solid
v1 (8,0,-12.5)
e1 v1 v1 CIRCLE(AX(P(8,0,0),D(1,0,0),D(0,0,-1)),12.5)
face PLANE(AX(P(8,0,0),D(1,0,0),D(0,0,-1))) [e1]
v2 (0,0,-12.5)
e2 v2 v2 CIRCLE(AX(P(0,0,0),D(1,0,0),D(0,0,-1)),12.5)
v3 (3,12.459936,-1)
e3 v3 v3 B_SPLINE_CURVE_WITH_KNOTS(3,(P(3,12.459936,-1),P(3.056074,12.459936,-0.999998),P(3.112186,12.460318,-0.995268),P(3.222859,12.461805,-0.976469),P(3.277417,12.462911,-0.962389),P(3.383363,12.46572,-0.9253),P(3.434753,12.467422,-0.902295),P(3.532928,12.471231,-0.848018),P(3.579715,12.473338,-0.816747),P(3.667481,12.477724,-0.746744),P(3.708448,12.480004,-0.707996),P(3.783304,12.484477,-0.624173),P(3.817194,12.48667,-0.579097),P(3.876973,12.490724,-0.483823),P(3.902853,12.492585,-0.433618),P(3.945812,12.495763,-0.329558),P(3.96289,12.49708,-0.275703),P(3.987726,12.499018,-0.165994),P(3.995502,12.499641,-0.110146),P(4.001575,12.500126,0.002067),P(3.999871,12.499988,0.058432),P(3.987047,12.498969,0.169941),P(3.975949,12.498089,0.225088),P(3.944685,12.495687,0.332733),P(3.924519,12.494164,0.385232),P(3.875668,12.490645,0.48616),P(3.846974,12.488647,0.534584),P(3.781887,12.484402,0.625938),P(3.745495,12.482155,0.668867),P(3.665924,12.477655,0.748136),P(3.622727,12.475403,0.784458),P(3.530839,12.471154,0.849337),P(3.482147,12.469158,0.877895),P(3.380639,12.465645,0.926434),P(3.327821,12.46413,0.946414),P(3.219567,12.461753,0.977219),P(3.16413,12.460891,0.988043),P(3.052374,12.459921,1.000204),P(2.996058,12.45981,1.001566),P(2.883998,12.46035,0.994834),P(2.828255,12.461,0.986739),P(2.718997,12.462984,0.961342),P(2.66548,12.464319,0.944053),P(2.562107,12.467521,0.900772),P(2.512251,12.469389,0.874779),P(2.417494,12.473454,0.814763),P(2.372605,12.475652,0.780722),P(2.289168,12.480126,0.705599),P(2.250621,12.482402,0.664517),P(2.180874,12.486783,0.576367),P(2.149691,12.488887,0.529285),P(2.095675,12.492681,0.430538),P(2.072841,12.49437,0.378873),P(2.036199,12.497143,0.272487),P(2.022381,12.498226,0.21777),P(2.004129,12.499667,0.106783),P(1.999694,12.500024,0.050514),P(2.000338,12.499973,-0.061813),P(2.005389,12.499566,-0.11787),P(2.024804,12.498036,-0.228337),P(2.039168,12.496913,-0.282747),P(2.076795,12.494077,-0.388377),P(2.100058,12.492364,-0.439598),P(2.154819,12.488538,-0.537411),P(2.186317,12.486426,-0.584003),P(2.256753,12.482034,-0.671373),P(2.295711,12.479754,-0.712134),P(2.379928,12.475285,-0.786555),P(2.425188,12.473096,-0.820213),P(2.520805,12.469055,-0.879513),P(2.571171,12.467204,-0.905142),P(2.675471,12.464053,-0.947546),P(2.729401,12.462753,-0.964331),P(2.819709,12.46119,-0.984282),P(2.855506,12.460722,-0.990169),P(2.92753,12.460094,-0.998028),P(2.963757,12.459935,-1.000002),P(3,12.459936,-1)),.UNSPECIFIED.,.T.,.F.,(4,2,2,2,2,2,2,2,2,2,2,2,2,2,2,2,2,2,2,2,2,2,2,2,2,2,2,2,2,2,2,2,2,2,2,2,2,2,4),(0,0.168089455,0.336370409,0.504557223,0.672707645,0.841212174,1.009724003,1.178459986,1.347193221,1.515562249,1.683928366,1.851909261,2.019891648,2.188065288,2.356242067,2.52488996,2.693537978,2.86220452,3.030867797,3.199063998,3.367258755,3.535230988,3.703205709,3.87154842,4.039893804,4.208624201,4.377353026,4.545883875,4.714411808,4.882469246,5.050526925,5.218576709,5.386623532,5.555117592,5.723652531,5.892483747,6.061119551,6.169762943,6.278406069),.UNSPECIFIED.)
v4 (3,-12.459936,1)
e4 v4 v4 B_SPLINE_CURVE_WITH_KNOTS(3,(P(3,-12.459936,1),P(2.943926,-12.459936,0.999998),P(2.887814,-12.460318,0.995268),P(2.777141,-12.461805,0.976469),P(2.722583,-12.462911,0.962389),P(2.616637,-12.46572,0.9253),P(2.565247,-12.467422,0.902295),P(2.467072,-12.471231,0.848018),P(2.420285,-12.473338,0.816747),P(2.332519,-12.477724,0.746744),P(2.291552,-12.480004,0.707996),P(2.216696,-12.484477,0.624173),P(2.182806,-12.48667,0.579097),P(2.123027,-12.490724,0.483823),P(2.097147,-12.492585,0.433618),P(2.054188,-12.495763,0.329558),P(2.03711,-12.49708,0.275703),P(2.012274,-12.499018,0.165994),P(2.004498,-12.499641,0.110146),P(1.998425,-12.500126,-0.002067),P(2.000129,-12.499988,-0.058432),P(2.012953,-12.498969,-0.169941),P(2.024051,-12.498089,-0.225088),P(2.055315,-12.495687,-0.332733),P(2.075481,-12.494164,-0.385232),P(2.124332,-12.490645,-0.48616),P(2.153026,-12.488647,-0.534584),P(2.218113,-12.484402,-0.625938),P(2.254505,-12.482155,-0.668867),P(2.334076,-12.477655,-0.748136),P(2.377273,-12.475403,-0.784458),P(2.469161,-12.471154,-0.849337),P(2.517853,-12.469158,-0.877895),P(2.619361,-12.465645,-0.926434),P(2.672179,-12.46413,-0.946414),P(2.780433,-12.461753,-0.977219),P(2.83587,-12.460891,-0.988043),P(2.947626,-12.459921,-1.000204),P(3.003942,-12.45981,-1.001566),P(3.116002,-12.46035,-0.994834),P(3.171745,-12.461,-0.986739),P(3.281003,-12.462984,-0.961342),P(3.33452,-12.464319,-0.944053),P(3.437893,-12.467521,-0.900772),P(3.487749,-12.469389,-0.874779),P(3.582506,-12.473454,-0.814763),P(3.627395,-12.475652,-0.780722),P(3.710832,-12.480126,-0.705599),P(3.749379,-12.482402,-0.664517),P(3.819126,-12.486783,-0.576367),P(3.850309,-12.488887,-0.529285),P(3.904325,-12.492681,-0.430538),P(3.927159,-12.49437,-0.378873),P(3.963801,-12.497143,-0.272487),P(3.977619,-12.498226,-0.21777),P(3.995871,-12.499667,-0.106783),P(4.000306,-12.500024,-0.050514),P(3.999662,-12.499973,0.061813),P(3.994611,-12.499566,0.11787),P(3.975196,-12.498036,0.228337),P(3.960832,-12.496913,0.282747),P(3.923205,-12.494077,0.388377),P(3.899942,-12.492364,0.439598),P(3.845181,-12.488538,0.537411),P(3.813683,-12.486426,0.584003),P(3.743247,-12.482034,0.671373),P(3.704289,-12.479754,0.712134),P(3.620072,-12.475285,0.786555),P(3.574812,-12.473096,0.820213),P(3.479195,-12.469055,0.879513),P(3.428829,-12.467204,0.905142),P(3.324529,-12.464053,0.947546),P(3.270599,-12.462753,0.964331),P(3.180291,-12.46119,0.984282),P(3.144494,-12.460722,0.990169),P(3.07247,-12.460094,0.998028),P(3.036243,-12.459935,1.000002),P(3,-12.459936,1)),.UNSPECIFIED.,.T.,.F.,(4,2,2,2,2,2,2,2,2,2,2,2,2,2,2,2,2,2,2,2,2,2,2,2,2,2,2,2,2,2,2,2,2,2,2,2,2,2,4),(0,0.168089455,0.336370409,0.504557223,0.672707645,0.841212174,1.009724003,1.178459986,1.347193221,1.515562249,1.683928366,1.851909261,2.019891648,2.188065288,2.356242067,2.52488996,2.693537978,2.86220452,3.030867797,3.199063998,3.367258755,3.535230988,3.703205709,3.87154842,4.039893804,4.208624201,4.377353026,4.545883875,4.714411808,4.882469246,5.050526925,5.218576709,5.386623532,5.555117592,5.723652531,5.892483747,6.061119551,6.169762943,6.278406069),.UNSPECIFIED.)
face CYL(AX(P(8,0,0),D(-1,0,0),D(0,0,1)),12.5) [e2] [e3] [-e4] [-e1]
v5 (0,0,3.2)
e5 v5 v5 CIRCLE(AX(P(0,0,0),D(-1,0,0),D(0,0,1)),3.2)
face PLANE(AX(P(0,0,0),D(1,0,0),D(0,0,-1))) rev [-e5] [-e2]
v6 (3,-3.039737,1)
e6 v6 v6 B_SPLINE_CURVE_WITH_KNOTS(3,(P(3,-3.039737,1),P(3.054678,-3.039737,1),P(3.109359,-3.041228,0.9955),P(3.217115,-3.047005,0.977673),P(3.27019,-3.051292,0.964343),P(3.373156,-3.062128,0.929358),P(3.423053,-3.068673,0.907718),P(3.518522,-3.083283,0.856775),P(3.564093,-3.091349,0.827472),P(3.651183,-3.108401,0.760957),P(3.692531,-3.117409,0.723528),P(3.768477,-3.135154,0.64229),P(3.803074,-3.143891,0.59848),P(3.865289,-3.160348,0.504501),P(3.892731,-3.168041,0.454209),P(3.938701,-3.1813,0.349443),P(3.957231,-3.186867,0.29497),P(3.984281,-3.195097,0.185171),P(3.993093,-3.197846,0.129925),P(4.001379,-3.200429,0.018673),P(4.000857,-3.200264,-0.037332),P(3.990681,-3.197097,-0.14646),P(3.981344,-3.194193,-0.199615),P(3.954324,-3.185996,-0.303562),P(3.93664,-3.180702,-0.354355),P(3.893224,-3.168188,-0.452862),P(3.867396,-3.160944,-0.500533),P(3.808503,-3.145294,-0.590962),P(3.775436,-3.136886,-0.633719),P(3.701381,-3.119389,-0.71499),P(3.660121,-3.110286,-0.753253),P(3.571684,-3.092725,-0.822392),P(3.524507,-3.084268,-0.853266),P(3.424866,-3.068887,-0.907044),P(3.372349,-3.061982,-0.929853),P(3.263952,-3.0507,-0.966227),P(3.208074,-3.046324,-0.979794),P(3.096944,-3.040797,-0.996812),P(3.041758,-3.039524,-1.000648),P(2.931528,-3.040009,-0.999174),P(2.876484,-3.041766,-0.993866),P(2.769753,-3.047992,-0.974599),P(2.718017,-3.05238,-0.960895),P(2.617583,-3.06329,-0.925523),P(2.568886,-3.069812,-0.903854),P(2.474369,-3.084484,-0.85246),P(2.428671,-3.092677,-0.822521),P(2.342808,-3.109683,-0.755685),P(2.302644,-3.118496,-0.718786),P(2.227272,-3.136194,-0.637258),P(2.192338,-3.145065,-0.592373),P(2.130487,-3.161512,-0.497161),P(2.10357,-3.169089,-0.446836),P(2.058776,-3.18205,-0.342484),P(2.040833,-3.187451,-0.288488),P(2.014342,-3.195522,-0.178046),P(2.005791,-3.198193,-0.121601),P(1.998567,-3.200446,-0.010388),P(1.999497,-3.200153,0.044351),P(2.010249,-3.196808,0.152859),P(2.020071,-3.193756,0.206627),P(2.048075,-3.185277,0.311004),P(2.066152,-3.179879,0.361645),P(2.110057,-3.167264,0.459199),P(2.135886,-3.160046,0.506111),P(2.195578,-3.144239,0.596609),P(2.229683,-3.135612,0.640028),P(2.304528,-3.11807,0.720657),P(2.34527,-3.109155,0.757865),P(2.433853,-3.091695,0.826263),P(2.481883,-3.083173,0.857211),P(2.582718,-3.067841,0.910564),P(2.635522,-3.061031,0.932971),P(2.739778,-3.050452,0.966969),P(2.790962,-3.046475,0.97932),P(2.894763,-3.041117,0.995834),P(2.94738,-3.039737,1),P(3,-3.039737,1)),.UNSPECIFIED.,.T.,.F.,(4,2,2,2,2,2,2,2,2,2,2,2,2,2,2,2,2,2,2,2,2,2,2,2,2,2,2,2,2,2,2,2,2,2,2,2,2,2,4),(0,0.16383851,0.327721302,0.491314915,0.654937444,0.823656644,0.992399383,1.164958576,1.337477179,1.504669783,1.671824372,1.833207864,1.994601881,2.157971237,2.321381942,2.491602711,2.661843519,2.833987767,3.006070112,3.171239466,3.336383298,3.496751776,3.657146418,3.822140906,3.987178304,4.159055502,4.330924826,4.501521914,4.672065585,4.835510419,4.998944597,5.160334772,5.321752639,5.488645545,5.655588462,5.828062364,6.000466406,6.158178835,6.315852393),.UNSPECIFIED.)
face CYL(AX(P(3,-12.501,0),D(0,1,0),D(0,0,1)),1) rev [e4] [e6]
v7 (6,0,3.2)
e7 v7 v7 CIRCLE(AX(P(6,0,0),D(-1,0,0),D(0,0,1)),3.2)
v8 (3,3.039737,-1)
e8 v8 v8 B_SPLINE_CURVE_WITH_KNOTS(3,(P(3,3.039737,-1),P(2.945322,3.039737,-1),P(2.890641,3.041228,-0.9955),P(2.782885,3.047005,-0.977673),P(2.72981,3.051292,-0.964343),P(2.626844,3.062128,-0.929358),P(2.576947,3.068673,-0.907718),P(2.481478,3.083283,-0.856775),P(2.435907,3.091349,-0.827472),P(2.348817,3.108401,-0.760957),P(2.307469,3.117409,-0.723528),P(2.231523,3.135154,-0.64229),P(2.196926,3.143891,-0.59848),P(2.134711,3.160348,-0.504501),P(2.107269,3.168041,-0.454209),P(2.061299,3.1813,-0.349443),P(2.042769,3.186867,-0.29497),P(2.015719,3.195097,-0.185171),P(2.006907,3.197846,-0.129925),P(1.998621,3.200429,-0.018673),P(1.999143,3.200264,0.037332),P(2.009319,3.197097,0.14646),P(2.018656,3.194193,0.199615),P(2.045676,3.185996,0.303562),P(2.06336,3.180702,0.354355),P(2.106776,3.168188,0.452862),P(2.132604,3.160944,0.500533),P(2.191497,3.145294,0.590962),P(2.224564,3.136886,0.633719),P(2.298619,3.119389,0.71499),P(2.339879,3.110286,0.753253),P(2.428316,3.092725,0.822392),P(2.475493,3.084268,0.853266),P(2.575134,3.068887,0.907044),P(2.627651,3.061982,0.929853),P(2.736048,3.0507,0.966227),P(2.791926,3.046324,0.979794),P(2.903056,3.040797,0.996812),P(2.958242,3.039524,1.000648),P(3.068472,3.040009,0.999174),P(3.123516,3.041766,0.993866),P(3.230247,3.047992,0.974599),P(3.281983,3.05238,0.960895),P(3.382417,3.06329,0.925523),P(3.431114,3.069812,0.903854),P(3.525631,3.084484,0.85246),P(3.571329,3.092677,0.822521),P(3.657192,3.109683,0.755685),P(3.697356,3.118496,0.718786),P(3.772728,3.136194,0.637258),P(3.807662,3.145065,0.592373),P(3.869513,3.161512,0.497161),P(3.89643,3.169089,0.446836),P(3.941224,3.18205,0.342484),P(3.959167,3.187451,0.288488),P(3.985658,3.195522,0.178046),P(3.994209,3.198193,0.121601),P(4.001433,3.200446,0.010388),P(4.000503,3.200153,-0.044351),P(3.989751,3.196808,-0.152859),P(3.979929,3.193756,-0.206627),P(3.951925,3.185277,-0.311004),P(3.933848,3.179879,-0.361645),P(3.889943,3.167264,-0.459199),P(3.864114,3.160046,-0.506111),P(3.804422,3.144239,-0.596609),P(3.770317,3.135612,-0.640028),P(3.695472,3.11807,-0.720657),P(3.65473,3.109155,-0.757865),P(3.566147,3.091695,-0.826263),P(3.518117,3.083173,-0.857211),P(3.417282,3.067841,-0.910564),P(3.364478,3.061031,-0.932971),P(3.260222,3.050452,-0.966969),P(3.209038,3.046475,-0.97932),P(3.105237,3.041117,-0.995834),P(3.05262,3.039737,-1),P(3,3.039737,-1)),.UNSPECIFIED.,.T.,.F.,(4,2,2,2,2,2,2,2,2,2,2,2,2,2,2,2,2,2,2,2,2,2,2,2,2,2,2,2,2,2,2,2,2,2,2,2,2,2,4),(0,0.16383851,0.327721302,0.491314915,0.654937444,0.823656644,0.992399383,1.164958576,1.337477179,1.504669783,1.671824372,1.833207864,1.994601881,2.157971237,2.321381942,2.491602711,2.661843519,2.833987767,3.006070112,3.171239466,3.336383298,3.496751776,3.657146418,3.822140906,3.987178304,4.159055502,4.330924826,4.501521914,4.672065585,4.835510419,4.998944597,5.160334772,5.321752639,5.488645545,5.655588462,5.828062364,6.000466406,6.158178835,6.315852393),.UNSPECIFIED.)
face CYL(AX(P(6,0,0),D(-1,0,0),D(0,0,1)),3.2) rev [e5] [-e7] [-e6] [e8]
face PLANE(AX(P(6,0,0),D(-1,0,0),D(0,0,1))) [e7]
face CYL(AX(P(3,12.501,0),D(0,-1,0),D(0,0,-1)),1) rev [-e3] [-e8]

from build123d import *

# Parameters (mm, degrees)
SKETCH_1_R                      = 12.5
EXTRUDE_1_DEPTH                 = 8
SKETCH_2_R                      = 3.2
CUT_EXTRUDE_1_DEPTH             = 6
CUT_EXTRUDE_2_REACH             = 21.404
SKETCH_3_R                      = 1
CUT_EXTRUDE_2_DIRECTION_2_REACH = 21.404


with BuildPart() as part:
    # 草图1 → 凸台-拉伸1 (new body)
    with BuildSketch(Plane(origin=(0, 0, 0), x_dir=(0, 0, -1), z_dir=(1, 0, 0))):
        Circle(SKETCH_1_R)
    extrude(amount=EXTRUDE_1_DEPTH)

    # 草图2 → 切除-拉伸1 (cut)
    with BuildSketch(Plane.ZY):
        Circle(SKETCH_2_R)
    extrude(amount=-CUT_EXTRUDE_1_DEPTH, mode=Mode.SUBTRACT)

    # 草图3 → 切除-拉伸2 (cut, up to next)
    with BuildSketch(Plane(origin=(0, 0, 0), x_dir=(1, 0, 0), z_dir=(0, 1, 0)), mode=Mode.PRIVATE) as cut_extrude_2_sk1:
        with Locations(Location((3, 0, 0), (0, 0, 270))):
            Circle(SKETCH_3_R)
    cut_extrude_2_tool1 = extrude(cut_extrude_2_sk1.sketch, amount=-CUT_EXTRUDE_2_REACH, mode=Mode.PRIVATE) & part.part
    add(cut_extrude_2_tool1.solids().sort_by_distance((3, 0, 0))[0], mode=Mode.SUBTRACT)

    # 草图3 → 切除-拉伸2 direction 2 (cut, up to next)
    with BuildSketch(Plane(origin=(0, 0, 0), x_dir=(1, 0, 0), z_dir=(0, 1, 0)), mode=Mode.PRIVATE) as cut_extrude_2_direction_2_sk1:
        with Locations(Location((3, 0, 0), (0, 0, 270))):
            Circle(SKETCH_3_R)
    cut_extrude_2_direction_2_tool1 = extrude(cut_extrude_2_direction_2_sk1.sketch, amount=CUT_EXTRUDE_2_DIRECTION_2_REACH, mode=Mode.PRIVATE) & part.part
    add(cut_extrude_2_direction_2_tool1.solids().sort_by_distance((3, 0, 0))[0], mode=Mode.SUBTRACT)


solid = part.part
